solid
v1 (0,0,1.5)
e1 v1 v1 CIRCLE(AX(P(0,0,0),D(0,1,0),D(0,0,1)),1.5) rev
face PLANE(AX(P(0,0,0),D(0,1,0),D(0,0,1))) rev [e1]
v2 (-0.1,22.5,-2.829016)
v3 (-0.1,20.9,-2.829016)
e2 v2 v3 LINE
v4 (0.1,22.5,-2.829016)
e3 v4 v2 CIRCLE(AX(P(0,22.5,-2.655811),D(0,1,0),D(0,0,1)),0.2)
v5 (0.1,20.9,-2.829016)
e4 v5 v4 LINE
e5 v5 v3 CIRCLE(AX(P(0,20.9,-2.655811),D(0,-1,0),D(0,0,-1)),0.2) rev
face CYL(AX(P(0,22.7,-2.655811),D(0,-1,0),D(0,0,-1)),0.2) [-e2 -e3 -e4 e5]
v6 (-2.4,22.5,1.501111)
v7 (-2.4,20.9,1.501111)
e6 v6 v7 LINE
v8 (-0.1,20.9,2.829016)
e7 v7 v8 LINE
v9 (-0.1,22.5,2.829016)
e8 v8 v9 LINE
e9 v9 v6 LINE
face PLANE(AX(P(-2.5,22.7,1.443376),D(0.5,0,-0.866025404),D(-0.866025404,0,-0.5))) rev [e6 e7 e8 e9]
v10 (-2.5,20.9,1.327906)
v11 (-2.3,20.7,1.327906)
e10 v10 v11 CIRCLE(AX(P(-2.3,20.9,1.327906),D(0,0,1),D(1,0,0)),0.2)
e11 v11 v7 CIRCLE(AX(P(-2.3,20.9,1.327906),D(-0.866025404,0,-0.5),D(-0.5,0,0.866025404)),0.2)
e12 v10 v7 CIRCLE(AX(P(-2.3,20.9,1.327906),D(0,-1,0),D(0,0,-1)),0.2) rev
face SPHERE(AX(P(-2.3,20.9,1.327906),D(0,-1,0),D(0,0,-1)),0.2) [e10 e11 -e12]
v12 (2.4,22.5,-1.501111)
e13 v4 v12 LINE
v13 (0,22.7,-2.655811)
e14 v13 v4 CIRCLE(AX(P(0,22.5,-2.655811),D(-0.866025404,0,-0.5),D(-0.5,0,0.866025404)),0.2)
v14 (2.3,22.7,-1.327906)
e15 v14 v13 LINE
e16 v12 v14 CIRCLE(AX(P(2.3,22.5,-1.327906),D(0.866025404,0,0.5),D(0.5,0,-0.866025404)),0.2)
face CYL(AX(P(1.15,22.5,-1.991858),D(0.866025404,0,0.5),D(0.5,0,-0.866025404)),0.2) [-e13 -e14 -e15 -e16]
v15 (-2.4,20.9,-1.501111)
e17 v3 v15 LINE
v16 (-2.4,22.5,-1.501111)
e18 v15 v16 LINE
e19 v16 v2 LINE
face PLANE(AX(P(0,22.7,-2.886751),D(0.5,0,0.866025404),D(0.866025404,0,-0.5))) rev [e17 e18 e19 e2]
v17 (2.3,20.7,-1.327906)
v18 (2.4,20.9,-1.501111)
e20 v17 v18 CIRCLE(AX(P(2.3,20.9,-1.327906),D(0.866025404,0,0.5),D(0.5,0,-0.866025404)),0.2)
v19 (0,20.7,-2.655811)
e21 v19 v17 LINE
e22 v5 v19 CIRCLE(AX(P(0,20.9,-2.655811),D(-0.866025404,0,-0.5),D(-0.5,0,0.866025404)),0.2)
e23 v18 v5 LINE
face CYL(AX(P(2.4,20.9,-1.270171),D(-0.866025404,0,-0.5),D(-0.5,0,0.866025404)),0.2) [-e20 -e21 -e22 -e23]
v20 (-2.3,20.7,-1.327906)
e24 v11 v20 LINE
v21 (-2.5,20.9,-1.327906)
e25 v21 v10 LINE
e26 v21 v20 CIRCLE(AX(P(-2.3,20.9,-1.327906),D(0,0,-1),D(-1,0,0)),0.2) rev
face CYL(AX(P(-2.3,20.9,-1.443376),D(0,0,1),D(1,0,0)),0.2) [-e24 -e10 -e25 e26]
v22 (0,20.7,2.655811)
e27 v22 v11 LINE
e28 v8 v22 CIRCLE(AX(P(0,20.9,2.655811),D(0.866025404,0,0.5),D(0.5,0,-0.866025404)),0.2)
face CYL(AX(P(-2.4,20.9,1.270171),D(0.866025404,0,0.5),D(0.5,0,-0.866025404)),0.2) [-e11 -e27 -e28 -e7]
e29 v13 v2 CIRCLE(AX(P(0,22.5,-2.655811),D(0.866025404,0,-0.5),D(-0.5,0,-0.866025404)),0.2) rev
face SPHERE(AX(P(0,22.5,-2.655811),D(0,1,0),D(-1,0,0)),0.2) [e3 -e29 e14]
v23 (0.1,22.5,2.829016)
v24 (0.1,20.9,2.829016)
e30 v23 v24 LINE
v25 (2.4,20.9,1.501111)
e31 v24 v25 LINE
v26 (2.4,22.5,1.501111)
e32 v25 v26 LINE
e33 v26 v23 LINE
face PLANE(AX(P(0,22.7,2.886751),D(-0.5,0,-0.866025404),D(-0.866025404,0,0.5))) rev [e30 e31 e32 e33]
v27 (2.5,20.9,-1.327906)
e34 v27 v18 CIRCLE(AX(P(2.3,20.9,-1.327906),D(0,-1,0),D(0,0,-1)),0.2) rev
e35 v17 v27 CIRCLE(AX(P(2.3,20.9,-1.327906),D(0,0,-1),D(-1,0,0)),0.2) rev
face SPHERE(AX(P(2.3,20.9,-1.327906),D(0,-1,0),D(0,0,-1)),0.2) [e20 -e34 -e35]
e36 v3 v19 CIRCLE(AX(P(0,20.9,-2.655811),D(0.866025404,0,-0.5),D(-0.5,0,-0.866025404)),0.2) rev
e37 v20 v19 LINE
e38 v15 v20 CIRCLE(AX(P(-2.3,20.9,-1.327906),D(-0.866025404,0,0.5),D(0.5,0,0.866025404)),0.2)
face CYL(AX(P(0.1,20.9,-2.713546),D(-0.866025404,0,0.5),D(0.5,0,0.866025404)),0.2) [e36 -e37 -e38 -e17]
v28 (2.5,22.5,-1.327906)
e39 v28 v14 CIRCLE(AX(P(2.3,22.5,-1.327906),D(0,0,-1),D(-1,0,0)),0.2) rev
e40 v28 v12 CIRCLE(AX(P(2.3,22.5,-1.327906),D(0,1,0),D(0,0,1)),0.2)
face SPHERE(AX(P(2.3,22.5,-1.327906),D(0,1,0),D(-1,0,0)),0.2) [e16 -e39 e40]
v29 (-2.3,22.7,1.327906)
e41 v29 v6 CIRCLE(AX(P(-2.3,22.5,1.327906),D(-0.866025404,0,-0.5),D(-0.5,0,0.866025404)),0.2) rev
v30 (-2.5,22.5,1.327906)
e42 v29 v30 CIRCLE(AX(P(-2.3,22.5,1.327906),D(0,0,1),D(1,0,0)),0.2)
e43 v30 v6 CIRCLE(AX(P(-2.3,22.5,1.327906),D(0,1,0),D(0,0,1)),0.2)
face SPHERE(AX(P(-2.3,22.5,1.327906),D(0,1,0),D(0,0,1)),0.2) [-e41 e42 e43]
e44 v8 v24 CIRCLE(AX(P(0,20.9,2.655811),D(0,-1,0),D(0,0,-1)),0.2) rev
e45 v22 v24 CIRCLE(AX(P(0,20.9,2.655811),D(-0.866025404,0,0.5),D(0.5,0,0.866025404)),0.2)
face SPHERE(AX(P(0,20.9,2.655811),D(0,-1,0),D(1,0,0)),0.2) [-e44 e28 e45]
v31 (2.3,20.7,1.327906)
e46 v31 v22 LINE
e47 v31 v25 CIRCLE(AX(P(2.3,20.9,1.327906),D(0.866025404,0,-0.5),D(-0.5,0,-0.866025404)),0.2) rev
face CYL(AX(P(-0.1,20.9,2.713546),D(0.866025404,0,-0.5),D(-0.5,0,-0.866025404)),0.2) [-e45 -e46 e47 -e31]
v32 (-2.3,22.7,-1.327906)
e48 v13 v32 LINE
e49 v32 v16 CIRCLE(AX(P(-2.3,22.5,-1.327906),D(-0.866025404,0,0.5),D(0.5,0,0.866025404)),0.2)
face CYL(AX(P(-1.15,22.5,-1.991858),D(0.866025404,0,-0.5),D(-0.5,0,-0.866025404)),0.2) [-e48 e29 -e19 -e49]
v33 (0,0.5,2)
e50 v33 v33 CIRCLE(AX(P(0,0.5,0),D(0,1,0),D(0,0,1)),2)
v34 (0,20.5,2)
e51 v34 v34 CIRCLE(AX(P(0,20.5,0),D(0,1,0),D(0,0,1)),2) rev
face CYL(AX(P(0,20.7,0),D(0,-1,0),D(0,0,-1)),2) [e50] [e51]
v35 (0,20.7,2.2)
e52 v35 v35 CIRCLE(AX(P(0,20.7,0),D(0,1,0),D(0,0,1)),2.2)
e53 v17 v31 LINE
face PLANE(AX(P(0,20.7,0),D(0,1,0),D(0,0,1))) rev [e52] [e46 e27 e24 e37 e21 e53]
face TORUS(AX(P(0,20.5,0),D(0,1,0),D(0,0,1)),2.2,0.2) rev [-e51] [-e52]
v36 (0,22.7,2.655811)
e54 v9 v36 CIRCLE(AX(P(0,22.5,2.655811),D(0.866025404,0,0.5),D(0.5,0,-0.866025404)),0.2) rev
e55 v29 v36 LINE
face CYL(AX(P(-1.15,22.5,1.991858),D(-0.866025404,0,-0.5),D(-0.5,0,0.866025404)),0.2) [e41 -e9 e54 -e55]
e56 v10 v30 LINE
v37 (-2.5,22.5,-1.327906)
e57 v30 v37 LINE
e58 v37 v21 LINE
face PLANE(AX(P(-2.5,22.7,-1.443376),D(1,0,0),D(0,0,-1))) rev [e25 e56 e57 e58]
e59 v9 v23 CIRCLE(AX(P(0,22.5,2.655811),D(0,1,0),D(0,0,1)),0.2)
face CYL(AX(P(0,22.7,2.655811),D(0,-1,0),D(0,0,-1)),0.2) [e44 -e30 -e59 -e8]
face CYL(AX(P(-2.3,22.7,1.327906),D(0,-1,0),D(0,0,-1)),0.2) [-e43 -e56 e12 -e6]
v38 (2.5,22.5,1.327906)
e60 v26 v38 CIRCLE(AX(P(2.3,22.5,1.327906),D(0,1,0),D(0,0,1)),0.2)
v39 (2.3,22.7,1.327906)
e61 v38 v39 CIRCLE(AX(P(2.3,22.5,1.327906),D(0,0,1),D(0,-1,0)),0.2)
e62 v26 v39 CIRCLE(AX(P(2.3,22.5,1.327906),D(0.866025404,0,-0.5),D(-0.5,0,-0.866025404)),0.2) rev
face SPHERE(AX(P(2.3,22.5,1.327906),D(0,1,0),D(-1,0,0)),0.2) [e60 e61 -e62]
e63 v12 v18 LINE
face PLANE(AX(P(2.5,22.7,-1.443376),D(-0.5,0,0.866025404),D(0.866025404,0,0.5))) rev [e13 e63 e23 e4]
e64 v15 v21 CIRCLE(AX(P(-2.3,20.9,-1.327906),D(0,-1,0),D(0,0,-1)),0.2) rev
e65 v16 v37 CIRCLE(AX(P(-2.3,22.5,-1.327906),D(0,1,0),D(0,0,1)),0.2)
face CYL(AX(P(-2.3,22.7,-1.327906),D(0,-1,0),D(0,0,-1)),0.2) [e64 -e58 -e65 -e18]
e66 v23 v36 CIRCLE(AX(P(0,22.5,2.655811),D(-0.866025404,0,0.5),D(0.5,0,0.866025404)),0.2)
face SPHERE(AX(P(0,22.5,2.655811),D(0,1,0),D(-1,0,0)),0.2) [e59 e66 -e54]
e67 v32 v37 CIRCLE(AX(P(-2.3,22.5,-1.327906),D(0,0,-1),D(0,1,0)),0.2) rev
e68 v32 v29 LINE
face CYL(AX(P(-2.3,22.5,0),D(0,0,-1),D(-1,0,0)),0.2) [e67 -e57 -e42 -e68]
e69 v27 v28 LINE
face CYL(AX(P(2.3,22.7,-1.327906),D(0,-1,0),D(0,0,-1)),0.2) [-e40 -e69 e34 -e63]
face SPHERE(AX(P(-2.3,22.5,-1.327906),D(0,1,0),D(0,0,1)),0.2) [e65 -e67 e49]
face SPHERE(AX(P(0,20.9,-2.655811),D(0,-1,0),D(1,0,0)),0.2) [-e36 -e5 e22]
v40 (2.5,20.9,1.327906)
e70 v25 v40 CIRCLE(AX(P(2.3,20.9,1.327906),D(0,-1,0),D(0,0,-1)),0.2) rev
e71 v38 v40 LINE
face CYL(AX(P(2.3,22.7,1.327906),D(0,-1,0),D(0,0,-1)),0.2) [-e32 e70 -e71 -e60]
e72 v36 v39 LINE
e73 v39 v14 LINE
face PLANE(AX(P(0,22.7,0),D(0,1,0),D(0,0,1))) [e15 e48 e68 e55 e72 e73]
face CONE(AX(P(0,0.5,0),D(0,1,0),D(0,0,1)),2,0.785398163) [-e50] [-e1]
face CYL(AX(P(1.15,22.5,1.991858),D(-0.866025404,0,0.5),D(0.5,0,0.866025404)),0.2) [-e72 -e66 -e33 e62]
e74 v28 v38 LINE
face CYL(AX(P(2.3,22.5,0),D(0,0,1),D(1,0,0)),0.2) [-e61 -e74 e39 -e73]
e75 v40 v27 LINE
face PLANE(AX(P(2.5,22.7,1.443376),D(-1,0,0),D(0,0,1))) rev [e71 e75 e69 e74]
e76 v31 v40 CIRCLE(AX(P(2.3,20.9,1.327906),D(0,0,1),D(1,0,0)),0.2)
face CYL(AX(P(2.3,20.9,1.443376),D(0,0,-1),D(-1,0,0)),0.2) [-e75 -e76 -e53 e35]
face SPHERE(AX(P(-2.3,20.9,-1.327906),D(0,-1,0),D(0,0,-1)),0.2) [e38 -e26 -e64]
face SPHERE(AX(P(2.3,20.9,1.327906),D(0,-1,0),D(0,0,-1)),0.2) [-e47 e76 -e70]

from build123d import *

# Parameters (mm, degrees)
SKETCH1_R           = 2
BOSS_EXTRUDE1_DEPTH = 20.7
BOSS_EXTRUDE2_DEPTH = 2
CHAMFER1_SIZE       = 0.5
FILLET1_R           = 0.2


with BuildPart() as part:
    # Sketch1 → Boss-Extrude1 (new body)
    with BuildSketch(Plane(origin=(0, 0, 0), x_dir=(1, 0, 0), z_dir=(0, 1, 0))):
        Circle(SKETCH1_R)
    extrude(amount=BOSS_EXTRUDE1_DEPTH)

    # Sketch2 → Boss-Extrude2 (add)
    with BuildSketch(Plane(origin=(0, 20.7, 0), x_dir=(1, 0, 0), z_dir=(0, 1, 0))):
        Polygon((2.5, -1.443375673), (2.5, 1.443375673), (0, 2.886751346), (-2.5, 1.443375673), (-2.5, -1.443375673), (0, -2.886751346), align=None)
    extrude(amount=BOSS_EXTRUDE2_DEPTH)

    # Chamfer1
    chamfer1_edges = [part.edges().sort_by_distance(p)[0] for p in [
        (-2, 0, 0),
    ]]
    chamfer(chamfer1_edges, length=CHAMFER1_SIZE)

    # Fillet1
    fillet1_edges = [part.edges().sort_by_distance(p)[0] for p in [
        (-2, 20.7, 0),
        (1.25, 20.7, 2.165063509),
        (0, 21.7, 2.886751346),
        (2.5, 20.7, 0),
        (2.5, 21.7, 1.443375673),
        (1.25, 20.7, -2.165063509),
        (2.5, 21.7, -1.443375673),
        (-1.25, 20.7, -2.165063509),
        (0, 21.7, -2.886751346),
        (-2.5, 20.7, 0),
        (-2.5, 21.7, -1.443375673),
        (-1.25, 20.7, 2.165063509),
        (-2.5, 21.7, 1.443375673),
        (1.25, 22.7, 2.165063509),
        (2.5, 22.7, 0),
        (1.25, 22.7, -2.165063509),
        (-1.25, 22.7, -2.165063509),
        (-2.5, 22.7, 0),
        (-1.25, 22.7, 2.165063509),
    ]]
    fillet(fillet1_edges, radius=FILLET1_R)


solid = part.part
